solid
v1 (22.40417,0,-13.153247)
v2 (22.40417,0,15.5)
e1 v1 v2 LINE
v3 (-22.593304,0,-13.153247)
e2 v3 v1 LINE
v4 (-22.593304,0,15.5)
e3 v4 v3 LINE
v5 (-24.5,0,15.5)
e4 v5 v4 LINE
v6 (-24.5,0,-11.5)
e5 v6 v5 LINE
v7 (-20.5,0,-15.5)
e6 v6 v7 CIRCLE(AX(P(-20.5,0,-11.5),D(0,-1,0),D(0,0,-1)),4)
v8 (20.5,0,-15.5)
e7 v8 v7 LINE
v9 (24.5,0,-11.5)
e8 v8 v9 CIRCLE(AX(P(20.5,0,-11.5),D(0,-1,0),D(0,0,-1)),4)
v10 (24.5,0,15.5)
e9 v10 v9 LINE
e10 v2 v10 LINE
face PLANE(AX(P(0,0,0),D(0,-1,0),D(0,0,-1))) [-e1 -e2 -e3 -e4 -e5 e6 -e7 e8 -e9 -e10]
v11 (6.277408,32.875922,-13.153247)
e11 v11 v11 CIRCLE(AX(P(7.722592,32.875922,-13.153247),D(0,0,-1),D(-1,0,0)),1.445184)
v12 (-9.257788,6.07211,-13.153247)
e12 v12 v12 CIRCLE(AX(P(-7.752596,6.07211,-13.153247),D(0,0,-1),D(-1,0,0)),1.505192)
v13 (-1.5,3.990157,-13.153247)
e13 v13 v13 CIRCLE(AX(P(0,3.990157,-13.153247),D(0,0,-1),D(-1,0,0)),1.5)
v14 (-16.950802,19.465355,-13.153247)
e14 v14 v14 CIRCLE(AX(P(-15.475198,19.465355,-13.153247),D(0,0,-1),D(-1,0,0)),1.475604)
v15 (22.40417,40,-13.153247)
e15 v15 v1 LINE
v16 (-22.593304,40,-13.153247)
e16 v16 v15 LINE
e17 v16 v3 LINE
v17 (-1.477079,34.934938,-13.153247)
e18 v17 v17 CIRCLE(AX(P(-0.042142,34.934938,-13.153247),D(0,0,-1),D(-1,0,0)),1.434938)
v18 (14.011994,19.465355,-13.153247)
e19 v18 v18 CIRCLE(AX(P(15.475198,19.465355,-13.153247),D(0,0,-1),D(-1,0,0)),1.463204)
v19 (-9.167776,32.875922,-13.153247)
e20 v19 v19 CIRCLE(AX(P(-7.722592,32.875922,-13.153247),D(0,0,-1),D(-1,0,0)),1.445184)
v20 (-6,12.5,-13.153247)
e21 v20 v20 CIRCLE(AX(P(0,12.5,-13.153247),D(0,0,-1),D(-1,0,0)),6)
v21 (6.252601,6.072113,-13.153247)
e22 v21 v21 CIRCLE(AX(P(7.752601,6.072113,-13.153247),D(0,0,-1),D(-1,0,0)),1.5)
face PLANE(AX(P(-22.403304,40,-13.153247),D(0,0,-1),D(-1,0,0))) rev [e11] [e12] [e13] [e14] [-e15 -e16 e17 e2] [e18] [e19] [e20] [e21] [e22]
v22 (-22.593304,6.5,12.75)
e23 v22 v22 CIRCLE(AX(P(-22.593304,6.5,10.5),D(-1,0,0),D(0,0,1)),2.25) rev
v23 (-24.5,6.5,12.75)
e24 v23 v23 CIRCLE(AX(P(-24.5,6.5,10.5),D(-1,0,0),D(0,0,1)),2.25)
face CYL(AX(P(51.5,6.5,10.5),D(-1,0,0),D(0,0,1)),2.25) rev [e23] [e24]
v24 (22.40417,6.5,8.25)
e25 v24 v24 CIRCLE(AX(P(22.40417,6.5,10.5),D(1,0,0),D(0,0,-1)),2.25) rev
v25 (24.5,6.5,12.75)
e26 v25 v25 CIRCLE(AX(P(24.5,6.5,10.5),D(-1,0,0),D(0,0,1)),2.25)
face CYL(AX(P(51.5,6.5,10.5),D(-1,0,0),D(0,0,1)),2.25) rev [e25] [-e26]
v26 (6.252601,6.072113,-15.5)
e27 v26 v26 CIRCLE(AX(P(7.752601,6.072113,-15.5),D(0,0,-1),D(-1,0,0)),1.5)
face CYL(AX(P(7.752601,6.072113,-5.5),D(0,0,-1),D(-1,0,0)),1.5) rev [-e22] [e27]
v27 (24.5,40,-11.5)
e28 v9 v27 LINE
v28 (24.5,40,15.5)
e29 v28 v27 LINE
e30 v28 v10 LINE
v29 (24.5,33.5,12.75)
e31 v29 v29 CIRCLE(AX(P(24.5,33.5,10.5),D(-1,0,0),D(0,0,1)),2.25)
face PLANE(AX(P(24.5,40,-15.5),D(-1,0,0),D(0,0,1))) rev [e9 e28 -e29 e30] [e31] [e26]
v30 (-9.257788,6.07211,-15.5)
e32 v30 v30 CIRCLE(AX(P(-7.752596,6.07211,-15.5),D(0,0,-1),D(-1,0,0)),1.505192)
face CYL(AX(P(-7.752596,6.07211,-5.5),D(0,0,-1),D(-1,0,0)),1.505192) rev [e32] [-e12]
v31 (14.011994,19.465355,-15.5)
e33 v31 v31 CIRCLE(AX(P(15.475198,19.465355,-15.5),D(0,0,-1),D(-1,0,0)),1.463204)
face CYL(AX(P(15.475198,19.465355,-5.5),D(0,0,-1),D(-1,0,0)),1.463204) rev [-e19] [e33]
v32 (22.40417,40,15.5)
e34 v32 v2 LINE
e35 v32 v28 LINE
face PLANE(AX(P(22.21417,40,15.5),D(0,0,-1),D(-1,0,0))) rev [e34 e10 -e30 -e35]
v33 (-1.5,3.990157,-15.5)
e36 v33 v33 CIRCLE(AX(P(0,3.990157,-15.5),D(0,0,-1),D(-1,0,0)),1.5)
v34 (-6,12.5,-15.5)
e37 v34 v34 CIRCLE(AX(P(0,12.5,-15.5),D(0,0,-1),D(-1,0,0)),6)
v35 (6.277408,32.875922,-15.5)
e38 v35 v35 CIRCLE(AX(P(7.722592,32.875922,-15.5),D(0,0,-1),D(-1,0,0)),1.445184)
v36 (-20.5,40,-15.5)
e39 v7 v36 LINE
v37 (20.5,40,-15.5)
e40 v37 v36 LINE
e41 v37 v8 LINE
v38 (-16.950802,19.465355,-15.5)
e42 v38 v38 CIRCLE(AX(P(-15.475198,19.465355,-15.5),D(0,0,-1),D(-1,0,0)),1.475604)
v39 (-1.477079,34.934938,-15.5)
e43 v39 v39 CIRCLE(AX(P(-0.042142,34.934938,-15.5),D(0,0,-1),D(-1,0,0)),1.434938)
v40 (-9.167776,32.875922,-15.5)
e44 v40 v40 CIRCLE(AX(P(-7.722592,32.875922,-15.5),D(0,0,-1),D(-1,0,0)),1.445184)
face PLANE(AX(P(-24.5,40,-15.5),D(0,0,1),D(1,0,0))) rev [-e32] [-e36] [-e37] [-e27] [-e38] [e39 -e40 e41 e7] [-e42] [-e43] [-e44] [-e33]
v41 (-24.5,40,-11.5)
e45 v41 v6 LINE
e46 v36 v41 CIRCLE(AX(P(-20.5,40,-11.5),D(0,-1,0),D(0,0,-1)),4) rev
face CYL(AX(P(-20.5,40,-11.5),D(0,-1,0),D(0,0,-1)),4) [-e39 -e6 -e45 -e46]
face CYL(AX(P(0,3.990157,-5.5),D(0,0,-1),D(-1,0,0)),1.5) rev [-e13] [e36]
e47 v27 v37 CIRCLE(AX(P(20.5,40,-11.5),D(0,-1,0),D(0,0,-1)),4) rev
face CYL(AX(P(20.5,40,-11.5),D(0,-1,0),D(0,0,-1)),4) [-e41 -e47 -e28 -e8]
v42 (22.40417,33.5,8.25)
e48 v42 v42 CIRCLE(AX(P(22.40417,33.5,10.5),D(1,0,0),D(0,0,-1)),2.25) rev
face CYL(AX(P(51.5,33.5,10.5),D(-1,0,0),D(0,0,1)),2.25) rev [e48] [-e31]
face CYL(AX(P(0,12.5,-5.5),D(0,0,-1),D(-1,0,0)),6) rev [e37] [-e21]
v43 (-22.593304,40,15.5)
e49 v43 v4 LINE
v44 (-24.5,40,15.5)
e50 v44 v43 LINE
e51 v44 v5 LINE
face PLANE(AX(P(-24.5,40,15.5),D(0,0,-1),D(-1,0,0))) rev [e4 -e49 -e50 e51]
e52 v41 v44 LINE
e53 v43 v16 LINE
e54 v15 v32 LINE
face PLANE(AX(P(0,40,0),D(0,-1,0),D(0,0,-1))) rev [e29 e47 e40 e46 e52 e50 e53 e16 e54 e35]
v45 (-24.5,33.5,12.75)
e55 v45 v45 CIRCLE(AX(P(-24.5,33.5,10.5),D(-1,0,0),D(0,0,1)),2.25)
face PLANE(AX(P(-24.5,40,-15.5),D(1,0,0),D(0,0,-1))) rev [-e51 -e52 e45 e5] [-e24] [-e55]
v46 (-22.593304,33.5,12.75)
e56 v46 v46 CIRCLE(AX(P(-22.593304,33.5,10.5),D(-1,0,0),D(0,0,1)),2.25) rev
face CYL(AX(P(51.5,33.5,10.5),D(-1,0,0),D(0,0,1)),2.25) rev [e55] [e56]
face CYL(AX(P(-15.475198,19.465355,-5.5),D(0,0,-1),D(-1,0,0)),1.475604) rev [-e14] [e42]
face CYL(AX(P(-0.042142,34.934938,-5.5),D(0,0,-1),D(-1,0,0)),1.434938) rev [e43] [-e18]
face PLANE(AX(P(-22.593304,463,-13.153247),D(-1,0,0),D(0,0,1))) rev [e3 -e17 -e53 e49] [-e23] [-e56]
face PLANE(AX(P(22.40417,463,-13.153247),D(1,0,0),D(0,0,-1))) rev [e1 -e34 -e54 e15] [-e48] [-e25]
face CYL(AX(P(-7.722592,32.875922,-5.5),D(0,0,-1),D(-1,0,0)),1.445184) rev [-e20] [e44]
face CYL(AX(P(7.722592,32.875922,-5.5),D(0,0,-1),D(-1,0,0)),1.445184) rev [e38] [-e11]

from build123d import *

# Parameters (mm, degrees)
BOSS_EXTRUDE1_DEPTH = 40
FILLET1_R           = 4
SKETCH2_R           = 1.5
SKETCH2_R_2         = 6
CUT_EXTRUDE1_DEPTH  = 40
SKETCH3_R           = 2.25
CUT_EXTRUDE2_DEPTH  = 76
SKETCH4_R           = 1.5
SKETCH4_R_2         = 6
BOSS_EXTRUDE2_DEPTH = 2.346753
SKETCH5_R           = 1.5
SKETCH5_R_2         = 6
CUT_EXTRUDE3_DEPTH  = 10
SKETCH7_W           = 0.19
SKETCH7_H           = 28.653247295
CUT_EXTRUDE4_DEPTH  = 463
SKETCH11_R          = 6
BOSS_EXTRUDE3_DEPTH = 2.346753
SKETCH12_R          = 6
CUT_EXTRUDE7_DEPTH  = 10
SKETCH13_R          = 1.5
BOSS_EXTRUDE4_DEPTH = 2.346753
SKETCH14_R          = 1.475604419
SKETCH14_R_2        = 1.463203764
SKETCH14_R_3        = 1.5
SKETCH14_R_4        = 1.434937512
SKETCH14_R_5        = 1.505191791
SKETCH14_R_6        = 1.44518411
CUT_EXTRUDE8_DEPTH  = 10


with BuildPart() as part:
    # Sketch1 → Boss-Extrude1 (new body)
    with BuildSketch(Plane(origin=(0, 0, 0), x_dir=(1, 0, 0), z_dir=(0, 1, 0))):
        Polygon((-22.403304398, -15.5), (-22.403304398, 13.153247295), (22.214170378, 13.153247295), (22.214170378, -15.5), (24.5, -15.5), (24.5, 15.5), (-24.5, 15.5), (-24.5, -15.5), align=None)
    extrude(amount=BOSS_EXTRUDE1_DEPTH)

    # Fillet1
    fillet1_edges = [part.edges().sort_by_distance(p)[0] for p in [
        (-24.5, 20, -15.5),
        (24.5, 20, -15.5),
    ]]
    fillet(fillet1_edges, radius=FILLET1_R)

    # Sketch2 → Cut-Extrude1 (cut)
    with BuildSketch(Plane(origin=(0, 0, -15.5), x_dir=(-1, 0, 0), z_dir=(0, 0, -1))):
        with Locations((14, 20)):
            Circle(SKETCH2_R)
        with Locations((-17, 20)):
            Circle(SKETCH2_R)
        with Locations((-1.5, 4.5)):
            Circle(SKETCH2_R)
        with Locations((-1.5, 35.5)):
            Circle(SKETCH2_R)
        with Locations((-9.25, 6.576606241)):
            Circle(SKETCH2_R)
        with Locations((-9.25, 33.423393759)):
            Circle(SKETCH2_R)
        with Locations((6.25, 33.423393759)):
            Circle(SKETCH2_R)
        with Locations((6.25, 6.576606241)):
            Circle(SKETCH2_R)
        with Locations((-1.5, 13)):
            Circle(SKETCH2_R_2)
    extrude(amount=-CUT_EXTRUDE1_DEPTH, mode=Mode.SUBTRACT)

    # Sketch3 → Cut-Extrude2 (cut)
    with BuildSketch(Plane.ZY.offset(24.5)):
        with Locations((10.5, 6.5)):
            Circle(SKETCH3_R)
        with Locations((10.5, 33.5)):
            Circle(SKETCH3_R)
    extrude(amount=-CUT_EXTRUDE2_DEPTH, mode=Mode.SUBTRACT)

    # Sketch4 → Boss-Extrude2 (add)
    with BuildSketch(Plane(origin=(0, 0, -15.5), x_dir=(-1, 0, 0), z_dir=(0, 0, -1))):
        with Locations((6.25, 33.423393759)):
            Circle(SKETCH4_R)
        with Locations((14, 20)):
            Circle(SKETCH4_R)
        with Locations((6.25, 6.576606241)):
            Circle(SKETCH4_R)
        with Locations((-1.5, 4.5)):
            Circle(SKETCH4_R)
        with Locations((-9.25, 6.576606241)):
            Circle(SKETCH4_R)
        with Locations((-17, 20)):
            Circle(SKETCH4_R)
        with Locations((-1.5, 35.5)):
            Circle(SKETCH4_R)
        with Locations((-9.25, 33.423393759)):
            Circle(SKETCH4_R)
        with Locations((-1.5, 13)):
            Circle(SKETCH4_R_2)
    extrude(amount=-BOSS_EXTRUDE2_DEPTH)

    # Sketch5 → Cut-Extrude3 (cut)
    with BuildSketch(Plane(origin=(0, 0, -15.5), x_dir=(-1, 0, 0), z_dir=(0, 0, -1))):
        with Locations((15.5, 20)):
            Circle(SKETCH5_R)
        with Locations((0, 4.5)):
            Circle(SKETCH5_R)
        with Locations((-15.5, 20)):
            Circle(SKETCH5_R)
        with Locations((0, 35.5)):
            Circle(SKETCH5_R)
        with Locations((7.75, 33.423393759)):
            Circle(SKETCH5_R)
        with Locations((-7.75, 33.423393759)):
            Circle(SKETCH5_R)
        with Locations((-7.75, 6.576606241)):
            Circle(SKETCH5_R)
        with Locations((7.75, 6.576606241)):
            Circle(SKETCH5_R)
        with Locations((0, 13)):
            Circle(SKETCH5_R_2)
    extrude(amount=-CUT_EXTRUDE3_DEPTH, mode=Mode.SUBTRACT)

    # Sketch7 → Cut-Extrude4 (cut)
    with BuildSketch(Plane.XZ):
        with Locations((-22.498304398, 1.173376353)):
            Rectangle(SKETCH7_W, SKETCH7_H)
        with Locations((22.309170378, 1.173376353)):
            Rectangle(SKETCH7_W, SKETCH7_H)
    extrude(amount=-CUT_EXTRUDE4_DEPTH, mode=Mode.SUBTRACT)

    # Sketch11 → Boss-Extrude3 (add)
    with BuildSketch(Plane(origin=(0, 0, -15.5), x_dir=(-1, 0, 0), z_dir=(0, 0, -1))):
        with Locations((0, 13)):
            Circle(SKETCH11_R)
    extrude(amount=-BOSS_EXTRUDE3_DEPTH)

    # Sketch12 → Cut-Extrude7 (cut)
    with BuildSketch(Plane(origin=(0, 0, -15.5), x_dir=(-1, 0, 0), z_dir=(0, 0, -1))):
        with Locations((0, 12.5)):
            Circle(SKETCH12_R)
    extrude(amount=-CUT_EXTRUDE7_DEPTH, mode=Mode.SUBTRACT)

    # Sketch13 → Boss-Extrude4 (add)
    with BuildSketch(Plane(origin=(0, 0, -15.5), x_dir=(-1, 0, 0), z_dir=(0, 0, -1))):
        with Locations((7.75, 6.576606241)):
            Circle(SKETCH13_R)
        with Locations((0, 4.5)):
            Circle(SKETCH13_R)
        with Locations((-7.75, 6.576606241)):
            Circle(SKETCH13_R)
        with Locations((-15.5, 20)):
            Circle(SKETCH13_R)
        with Locations((-7.75, 33.423393759)):
            Circle(SKETCH13_R)
        with Locations((0, 35.5)):
            Circle(SKETCH13_R)
        with Locations((7.75, 33.423393759)):
            Circle(SKETCH13_R)
        with Locations((15.5, 20)):
            Circle(SKETCH13_R)
    extrude(amount=-BOSS_EXTRUDE4_DEPTH)

    # Sketch14 → Cut-Extrude8 (cut)
    with BuildSketch(Plane(origin=(0, 0, -15.5), x_dir=(-1, 0, 0), z_dir=(0, 0, -1))):
        with Locations((15.475197646, 19.465354549)):
            Circle(SKETCH14_R)
        with Locations((-15.475197646, 19.465354549)):
            Circle(SKETCH14_R_2)
        with Locations((0, 3.990156903)):
            Circle(SKETCH14_R_3)
        with Locations((0.042141816, 34.934937512)):
            Circle(SKETCH14_R_4)
        with Locations((7.752595896, 6.072110018)):
            Circle(SKETCH14_R_5)
        with Locations((-7.752600927, 6.072112931)):
            Circle(SKETCH14_R_3)
        with Locations((-7.722592055, 32.875921806)):
            Circle(SKETCH14_R_6)
        with Locations((7.722592055, 32.875921806)):
            Circle(SKETCH14_R_6)
    extrude(amount=-CUT_EXTRUDE8_DEPTH, mode=Mode.SUBTRACT)


solid = part.part
